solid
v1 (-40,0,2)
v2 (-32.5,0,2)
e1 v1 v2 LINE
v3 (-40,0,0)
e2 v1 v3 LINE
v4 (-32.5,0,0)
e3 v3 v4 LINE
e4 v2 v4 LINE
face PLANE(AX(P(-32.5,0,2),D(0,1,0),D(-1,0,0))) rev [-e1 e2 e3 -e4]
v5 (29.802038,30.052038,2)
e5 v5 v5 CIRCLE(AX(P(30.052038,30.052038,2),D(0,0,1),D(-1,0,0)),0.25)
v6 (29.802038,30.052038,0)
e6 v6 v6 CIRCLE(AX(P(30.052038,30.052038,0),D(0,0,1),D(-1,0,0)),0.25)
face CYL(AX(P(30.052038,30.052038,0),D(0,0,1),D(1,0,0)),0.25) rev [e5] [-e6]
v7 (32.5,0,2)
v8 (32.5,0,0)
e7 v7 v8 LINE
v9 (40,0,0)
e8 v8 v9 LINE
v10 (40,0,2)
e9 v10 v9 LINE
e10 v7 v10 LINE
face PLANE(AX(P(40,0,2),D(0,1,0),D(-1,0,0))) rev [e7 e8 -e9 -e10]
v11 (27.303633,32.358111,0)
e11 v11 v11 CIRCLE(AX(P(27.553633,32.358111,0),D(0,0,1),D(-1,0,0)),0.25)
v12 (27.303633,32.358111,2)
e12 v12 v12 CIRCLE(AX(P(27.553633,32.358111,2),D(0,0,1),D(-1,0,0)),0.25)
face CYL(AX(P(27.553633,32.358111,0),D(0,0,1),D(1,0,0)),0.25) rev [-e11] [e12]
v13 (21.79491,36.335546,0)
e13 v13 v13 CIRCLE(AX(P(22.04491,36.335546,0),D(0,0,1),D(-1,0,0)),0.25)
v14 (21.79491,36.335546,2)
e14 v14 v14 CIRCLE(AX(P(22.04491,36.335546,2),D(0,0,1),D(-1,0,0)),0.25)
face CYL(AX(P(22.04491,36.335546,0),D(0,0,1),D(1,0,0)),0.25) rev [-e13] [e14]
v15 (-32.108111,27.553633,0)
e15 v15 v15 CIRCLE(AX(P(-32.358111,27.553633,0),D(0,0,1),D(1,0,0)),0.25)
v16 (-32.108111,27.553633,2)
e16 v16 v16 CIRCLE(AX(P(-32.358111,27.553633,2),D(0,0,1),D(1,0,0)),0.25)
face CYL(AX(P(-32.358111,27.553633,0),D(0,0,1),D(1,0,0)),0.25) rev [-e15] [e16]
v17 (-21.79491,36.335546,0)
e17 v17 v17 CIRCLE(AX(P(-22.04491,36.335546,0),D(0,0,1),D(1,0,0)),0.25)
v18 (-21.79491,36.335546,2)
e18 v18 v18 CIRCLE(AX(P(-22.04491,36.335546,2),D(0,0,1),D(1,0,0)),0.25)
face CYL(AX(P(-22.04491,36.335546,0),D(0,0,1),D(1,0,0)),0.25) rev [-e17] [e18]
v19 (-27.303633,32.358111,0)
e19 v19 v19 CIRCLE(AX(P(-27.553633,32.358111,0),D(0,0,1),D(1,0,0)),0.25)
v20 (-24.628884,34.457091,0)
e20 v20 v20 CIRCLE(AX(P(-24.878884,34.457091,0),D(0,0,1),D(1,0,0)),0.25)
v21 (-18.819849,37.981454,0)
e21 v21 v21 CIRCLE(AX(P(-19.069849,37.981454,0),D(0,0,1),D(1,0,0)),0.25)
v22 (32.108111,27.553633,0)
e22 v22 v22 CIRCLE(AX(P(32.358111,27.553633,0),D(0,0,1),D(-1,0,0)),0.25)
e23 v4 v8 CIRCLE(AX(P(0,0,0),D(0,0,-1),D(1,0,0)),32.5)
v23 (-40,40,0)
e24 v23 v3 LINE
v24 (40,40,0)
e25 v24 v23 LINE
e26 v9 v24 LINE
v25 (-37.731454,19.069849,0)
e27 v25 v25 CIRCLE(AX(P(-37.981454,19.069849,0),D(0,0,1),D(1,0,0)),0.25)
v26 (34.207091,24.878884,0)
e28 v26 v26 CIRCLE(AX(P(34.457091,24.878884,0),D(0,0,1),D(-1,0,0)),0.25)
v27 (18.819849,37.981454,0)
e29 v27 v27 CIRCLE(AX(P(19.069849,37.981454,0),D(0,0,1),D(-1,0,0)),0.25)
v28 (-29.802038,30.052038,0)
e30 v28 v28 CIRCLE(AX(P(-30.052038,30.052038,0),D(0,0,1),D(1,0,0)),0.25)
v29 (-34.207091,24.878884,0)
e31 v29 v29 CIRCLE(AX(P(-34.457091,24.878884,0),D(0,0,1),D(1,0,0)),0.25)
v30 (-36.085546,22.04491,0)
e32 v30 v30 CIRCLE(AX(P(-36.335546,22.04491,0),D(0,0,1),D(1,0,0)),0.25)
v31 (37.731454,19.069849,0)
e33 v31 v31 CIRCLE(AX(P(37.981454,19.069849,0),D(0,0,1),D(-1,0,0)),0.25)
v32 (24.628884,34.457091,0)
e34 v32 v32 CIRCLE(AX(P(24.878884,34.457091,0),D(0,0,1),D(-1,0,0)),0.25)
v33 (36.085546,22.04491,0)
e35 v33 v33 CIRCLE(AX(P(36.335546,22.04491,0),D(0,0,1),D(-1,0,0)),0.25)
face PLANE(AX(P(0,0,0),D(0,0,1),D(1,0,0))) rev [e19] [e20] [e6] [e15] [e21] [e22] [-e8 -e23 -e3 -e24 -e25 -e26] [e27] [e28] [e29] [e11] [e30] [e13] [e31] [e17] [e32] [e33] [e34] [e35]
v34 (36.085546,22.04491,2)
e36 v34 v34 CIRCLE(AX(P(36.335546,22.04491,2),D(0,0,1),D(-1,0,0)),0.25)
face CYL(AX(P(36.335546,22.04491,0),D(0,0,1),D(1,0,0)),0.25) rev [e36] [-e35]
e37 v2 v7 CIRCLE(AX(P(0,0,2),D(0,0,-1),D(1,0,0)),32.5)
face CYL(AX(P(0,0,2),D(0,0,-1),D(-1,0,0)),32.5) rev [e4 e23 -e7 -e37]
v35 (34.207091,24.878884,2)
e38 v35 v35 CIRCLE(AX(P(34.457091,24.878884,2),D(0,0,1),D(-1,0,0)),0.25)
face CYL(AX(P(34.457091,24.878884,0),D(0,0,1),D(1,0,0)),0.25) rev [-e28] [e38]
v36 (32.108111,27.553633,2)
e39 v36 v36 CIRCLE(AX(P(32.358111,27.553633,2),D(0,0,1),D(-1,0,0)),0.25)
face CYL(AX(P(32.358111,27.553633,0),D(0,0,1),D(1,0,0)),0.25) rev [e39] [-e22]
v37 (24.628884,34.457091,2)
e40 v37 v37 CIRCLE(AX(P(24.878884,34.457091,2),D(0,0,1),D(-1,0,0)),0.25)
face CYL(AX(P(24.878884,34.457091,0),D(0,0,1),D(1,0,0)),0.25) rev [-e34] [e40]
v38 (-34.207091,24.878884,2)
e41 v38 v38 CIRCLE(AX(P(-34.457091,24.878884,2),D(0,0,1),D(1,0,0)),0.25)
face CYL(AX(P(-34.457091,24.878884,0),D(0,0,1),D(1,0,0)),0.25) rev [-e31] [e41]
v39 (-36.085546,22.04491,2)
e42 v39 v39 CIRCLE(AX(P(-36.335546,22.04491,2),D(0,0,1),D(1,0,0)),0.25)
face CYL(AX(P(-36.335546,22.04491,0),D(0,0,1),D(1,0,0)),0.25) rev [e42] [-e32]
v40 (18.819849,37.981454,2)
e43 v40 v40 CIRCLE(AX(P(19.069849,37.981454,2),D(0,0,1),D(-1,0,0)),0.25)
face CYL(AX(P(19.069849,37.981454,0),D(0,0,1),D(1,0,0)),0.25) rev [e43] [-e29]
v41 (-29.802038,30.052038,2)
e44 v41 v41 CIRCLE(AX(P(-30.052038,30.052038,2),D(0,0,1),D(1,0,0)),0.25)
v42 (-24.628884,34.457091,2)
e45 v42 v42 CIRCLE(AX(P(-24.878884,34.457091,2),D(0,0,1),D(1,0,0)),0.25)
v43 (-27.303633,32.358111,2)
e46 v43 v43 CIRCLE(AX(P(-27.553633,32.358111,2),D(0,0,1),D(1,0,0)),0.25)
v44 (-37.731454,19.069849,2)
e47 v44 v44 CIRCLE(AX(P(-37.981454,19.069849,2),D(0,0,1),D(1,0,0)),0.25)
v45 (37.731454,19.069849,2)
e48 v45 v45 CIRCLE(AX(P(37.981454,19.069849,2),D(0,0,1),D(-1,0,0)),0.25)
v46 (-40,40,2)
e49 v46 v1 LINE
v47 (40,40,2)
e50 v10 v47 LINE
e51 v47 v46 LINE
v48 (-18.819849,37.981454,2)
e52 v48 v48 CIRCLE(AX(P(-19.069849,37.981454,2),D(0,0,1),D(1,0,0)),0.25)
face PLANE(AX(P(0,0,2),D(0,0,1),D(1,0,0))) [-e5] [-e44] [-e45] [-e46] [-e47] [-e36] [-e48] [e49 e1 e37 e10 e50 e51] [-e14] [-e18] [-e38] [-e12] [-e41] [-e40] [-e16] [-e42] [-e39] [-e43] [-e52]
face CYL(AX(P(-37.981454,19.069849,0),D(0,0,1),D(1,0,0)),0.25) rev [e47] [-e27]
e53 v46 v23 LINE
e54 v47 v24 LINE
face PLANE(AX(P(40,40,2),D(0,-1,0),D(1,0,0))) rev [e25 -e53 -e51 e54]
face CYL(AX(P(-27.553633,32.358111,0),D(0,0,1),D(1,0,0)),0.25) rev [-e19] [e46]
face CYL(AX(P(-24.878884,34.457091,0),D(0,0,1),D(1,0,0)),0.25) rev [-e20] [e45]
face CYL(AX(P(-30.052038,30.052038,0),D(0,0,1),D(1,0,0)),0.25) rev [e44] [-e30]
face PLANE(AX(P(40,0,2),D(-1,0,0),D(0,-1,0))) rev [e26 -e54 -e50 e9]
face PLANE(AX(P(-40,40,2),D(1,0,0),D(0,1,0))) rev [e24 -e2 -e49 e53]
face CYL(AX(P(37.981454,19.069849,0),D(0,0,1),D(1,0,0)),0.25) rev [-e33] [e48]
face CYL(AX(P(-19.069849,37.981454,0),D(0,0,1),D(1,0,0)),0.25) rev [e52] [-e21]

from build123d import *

# Parameters (mm, degrees)
BOSS_EXTRU_1_DEPTH      = 2
ESQUISSE2_R             = 0.25
ENL_V_MAT_EXTRU_1_DEPTH = 2


with BuildPart() as part:
    # Esquisse1 → Boss.-Extru.1 (new body)
    with BuildSketch(Plane.XY):
        with BuildLine():
            Line((40, 0), (40, 40))
            Line((40, 40), (-40, 40))
            Line((-40, 40), (-40, 0))
            Line((-40, 0), (-32.5, 0))
            ThreePointArc((-32.5, 0), (0, 32.5), (32.5, 0))
            Line((32.5, 0), (40, 0))
        make_face()
    extrude(amount=BOSS_EXTRU_1_DEPTH)

    # Esquisse2 → Enlèv. mat.-Extru.1 (cut)
    with BuildSketch(Plane.XY.offset(2)):
        with Locations((-37.981453947, 19.069849399)):
            Circle(ESQUISSE2_R)
        with Locations((-36.335546301, 22.04491041)):
            Circle(ESQUISSE2_R)
        with Locations((-34.457091159, 24.878883995)):
            Circle(ESQUISSE2_R)
        with Locations((-32.358110634, 27.553632723)):
            Circle(ESQUISSE2_R)
        with Locations((-30.0520382, 30.0520382)):
            Circle(ESQUISSE2_R)
        with Locations((-27.553632723, 32.358110634)):
            Circle(ESQUISSE2_R)
        with Locations((-24.878883995, 34.457091159)):
            Circle(ESQUISSE2_R)
        with Locations((-22.04491041, 36.335546301)):
            Circle(ESQUISSE2_R)
        with Locations((-19.069849399, 37.981453947)):
            Circle(ESQUISSE2_R)
        with Locations(Location((19.069849399, 37.981453947, 0), (0, 0, 180))):
            Circle(ESQUISSE2_R)
        with Locations(Location((22.04491041, 36.335546301, 0), (0, 0, 180))):
            Circle(ESQUISSE2_R)
        with Locations(Location((24.878883995, 34.457091159, 0), (0, 0, 180))):
            Circle(ESQUISSE2_R)
        with Locations(Location((27.553632723, 32.358110634, 0), (0, 0, 180))):
            Circle(ESQUISSE2_R)
        with Locations(Location((30.0520382, 30.0520382, 0), (0, 0, 180))):
            Circle(ESQUISSE2_R)
        with Locations(Location((32.358110634, 27.553632723, 0), (0, 0, 180))):
            Circle(ESQUISSE2_R)
        with Locations(Location((34.457091159, 24.878883995, 0), (0, 0, 180))):
            Circle(ESQUISSE2_R)
        with Locations(Location((36.335546301, 22.04491041, 0), (0, 0, 180))):
            Circle(ESQUISSE2_R)
        with Locations(Location((37.981453947, 19.069849399, 0), (0, 0, 180))):
            Circle(ESQUISSE2_R)
    extrude(amount=-ENL_V_MAT_EXTRU_1_DEPTH, mode=Mode.SUBTRACT)


solid = part.part
